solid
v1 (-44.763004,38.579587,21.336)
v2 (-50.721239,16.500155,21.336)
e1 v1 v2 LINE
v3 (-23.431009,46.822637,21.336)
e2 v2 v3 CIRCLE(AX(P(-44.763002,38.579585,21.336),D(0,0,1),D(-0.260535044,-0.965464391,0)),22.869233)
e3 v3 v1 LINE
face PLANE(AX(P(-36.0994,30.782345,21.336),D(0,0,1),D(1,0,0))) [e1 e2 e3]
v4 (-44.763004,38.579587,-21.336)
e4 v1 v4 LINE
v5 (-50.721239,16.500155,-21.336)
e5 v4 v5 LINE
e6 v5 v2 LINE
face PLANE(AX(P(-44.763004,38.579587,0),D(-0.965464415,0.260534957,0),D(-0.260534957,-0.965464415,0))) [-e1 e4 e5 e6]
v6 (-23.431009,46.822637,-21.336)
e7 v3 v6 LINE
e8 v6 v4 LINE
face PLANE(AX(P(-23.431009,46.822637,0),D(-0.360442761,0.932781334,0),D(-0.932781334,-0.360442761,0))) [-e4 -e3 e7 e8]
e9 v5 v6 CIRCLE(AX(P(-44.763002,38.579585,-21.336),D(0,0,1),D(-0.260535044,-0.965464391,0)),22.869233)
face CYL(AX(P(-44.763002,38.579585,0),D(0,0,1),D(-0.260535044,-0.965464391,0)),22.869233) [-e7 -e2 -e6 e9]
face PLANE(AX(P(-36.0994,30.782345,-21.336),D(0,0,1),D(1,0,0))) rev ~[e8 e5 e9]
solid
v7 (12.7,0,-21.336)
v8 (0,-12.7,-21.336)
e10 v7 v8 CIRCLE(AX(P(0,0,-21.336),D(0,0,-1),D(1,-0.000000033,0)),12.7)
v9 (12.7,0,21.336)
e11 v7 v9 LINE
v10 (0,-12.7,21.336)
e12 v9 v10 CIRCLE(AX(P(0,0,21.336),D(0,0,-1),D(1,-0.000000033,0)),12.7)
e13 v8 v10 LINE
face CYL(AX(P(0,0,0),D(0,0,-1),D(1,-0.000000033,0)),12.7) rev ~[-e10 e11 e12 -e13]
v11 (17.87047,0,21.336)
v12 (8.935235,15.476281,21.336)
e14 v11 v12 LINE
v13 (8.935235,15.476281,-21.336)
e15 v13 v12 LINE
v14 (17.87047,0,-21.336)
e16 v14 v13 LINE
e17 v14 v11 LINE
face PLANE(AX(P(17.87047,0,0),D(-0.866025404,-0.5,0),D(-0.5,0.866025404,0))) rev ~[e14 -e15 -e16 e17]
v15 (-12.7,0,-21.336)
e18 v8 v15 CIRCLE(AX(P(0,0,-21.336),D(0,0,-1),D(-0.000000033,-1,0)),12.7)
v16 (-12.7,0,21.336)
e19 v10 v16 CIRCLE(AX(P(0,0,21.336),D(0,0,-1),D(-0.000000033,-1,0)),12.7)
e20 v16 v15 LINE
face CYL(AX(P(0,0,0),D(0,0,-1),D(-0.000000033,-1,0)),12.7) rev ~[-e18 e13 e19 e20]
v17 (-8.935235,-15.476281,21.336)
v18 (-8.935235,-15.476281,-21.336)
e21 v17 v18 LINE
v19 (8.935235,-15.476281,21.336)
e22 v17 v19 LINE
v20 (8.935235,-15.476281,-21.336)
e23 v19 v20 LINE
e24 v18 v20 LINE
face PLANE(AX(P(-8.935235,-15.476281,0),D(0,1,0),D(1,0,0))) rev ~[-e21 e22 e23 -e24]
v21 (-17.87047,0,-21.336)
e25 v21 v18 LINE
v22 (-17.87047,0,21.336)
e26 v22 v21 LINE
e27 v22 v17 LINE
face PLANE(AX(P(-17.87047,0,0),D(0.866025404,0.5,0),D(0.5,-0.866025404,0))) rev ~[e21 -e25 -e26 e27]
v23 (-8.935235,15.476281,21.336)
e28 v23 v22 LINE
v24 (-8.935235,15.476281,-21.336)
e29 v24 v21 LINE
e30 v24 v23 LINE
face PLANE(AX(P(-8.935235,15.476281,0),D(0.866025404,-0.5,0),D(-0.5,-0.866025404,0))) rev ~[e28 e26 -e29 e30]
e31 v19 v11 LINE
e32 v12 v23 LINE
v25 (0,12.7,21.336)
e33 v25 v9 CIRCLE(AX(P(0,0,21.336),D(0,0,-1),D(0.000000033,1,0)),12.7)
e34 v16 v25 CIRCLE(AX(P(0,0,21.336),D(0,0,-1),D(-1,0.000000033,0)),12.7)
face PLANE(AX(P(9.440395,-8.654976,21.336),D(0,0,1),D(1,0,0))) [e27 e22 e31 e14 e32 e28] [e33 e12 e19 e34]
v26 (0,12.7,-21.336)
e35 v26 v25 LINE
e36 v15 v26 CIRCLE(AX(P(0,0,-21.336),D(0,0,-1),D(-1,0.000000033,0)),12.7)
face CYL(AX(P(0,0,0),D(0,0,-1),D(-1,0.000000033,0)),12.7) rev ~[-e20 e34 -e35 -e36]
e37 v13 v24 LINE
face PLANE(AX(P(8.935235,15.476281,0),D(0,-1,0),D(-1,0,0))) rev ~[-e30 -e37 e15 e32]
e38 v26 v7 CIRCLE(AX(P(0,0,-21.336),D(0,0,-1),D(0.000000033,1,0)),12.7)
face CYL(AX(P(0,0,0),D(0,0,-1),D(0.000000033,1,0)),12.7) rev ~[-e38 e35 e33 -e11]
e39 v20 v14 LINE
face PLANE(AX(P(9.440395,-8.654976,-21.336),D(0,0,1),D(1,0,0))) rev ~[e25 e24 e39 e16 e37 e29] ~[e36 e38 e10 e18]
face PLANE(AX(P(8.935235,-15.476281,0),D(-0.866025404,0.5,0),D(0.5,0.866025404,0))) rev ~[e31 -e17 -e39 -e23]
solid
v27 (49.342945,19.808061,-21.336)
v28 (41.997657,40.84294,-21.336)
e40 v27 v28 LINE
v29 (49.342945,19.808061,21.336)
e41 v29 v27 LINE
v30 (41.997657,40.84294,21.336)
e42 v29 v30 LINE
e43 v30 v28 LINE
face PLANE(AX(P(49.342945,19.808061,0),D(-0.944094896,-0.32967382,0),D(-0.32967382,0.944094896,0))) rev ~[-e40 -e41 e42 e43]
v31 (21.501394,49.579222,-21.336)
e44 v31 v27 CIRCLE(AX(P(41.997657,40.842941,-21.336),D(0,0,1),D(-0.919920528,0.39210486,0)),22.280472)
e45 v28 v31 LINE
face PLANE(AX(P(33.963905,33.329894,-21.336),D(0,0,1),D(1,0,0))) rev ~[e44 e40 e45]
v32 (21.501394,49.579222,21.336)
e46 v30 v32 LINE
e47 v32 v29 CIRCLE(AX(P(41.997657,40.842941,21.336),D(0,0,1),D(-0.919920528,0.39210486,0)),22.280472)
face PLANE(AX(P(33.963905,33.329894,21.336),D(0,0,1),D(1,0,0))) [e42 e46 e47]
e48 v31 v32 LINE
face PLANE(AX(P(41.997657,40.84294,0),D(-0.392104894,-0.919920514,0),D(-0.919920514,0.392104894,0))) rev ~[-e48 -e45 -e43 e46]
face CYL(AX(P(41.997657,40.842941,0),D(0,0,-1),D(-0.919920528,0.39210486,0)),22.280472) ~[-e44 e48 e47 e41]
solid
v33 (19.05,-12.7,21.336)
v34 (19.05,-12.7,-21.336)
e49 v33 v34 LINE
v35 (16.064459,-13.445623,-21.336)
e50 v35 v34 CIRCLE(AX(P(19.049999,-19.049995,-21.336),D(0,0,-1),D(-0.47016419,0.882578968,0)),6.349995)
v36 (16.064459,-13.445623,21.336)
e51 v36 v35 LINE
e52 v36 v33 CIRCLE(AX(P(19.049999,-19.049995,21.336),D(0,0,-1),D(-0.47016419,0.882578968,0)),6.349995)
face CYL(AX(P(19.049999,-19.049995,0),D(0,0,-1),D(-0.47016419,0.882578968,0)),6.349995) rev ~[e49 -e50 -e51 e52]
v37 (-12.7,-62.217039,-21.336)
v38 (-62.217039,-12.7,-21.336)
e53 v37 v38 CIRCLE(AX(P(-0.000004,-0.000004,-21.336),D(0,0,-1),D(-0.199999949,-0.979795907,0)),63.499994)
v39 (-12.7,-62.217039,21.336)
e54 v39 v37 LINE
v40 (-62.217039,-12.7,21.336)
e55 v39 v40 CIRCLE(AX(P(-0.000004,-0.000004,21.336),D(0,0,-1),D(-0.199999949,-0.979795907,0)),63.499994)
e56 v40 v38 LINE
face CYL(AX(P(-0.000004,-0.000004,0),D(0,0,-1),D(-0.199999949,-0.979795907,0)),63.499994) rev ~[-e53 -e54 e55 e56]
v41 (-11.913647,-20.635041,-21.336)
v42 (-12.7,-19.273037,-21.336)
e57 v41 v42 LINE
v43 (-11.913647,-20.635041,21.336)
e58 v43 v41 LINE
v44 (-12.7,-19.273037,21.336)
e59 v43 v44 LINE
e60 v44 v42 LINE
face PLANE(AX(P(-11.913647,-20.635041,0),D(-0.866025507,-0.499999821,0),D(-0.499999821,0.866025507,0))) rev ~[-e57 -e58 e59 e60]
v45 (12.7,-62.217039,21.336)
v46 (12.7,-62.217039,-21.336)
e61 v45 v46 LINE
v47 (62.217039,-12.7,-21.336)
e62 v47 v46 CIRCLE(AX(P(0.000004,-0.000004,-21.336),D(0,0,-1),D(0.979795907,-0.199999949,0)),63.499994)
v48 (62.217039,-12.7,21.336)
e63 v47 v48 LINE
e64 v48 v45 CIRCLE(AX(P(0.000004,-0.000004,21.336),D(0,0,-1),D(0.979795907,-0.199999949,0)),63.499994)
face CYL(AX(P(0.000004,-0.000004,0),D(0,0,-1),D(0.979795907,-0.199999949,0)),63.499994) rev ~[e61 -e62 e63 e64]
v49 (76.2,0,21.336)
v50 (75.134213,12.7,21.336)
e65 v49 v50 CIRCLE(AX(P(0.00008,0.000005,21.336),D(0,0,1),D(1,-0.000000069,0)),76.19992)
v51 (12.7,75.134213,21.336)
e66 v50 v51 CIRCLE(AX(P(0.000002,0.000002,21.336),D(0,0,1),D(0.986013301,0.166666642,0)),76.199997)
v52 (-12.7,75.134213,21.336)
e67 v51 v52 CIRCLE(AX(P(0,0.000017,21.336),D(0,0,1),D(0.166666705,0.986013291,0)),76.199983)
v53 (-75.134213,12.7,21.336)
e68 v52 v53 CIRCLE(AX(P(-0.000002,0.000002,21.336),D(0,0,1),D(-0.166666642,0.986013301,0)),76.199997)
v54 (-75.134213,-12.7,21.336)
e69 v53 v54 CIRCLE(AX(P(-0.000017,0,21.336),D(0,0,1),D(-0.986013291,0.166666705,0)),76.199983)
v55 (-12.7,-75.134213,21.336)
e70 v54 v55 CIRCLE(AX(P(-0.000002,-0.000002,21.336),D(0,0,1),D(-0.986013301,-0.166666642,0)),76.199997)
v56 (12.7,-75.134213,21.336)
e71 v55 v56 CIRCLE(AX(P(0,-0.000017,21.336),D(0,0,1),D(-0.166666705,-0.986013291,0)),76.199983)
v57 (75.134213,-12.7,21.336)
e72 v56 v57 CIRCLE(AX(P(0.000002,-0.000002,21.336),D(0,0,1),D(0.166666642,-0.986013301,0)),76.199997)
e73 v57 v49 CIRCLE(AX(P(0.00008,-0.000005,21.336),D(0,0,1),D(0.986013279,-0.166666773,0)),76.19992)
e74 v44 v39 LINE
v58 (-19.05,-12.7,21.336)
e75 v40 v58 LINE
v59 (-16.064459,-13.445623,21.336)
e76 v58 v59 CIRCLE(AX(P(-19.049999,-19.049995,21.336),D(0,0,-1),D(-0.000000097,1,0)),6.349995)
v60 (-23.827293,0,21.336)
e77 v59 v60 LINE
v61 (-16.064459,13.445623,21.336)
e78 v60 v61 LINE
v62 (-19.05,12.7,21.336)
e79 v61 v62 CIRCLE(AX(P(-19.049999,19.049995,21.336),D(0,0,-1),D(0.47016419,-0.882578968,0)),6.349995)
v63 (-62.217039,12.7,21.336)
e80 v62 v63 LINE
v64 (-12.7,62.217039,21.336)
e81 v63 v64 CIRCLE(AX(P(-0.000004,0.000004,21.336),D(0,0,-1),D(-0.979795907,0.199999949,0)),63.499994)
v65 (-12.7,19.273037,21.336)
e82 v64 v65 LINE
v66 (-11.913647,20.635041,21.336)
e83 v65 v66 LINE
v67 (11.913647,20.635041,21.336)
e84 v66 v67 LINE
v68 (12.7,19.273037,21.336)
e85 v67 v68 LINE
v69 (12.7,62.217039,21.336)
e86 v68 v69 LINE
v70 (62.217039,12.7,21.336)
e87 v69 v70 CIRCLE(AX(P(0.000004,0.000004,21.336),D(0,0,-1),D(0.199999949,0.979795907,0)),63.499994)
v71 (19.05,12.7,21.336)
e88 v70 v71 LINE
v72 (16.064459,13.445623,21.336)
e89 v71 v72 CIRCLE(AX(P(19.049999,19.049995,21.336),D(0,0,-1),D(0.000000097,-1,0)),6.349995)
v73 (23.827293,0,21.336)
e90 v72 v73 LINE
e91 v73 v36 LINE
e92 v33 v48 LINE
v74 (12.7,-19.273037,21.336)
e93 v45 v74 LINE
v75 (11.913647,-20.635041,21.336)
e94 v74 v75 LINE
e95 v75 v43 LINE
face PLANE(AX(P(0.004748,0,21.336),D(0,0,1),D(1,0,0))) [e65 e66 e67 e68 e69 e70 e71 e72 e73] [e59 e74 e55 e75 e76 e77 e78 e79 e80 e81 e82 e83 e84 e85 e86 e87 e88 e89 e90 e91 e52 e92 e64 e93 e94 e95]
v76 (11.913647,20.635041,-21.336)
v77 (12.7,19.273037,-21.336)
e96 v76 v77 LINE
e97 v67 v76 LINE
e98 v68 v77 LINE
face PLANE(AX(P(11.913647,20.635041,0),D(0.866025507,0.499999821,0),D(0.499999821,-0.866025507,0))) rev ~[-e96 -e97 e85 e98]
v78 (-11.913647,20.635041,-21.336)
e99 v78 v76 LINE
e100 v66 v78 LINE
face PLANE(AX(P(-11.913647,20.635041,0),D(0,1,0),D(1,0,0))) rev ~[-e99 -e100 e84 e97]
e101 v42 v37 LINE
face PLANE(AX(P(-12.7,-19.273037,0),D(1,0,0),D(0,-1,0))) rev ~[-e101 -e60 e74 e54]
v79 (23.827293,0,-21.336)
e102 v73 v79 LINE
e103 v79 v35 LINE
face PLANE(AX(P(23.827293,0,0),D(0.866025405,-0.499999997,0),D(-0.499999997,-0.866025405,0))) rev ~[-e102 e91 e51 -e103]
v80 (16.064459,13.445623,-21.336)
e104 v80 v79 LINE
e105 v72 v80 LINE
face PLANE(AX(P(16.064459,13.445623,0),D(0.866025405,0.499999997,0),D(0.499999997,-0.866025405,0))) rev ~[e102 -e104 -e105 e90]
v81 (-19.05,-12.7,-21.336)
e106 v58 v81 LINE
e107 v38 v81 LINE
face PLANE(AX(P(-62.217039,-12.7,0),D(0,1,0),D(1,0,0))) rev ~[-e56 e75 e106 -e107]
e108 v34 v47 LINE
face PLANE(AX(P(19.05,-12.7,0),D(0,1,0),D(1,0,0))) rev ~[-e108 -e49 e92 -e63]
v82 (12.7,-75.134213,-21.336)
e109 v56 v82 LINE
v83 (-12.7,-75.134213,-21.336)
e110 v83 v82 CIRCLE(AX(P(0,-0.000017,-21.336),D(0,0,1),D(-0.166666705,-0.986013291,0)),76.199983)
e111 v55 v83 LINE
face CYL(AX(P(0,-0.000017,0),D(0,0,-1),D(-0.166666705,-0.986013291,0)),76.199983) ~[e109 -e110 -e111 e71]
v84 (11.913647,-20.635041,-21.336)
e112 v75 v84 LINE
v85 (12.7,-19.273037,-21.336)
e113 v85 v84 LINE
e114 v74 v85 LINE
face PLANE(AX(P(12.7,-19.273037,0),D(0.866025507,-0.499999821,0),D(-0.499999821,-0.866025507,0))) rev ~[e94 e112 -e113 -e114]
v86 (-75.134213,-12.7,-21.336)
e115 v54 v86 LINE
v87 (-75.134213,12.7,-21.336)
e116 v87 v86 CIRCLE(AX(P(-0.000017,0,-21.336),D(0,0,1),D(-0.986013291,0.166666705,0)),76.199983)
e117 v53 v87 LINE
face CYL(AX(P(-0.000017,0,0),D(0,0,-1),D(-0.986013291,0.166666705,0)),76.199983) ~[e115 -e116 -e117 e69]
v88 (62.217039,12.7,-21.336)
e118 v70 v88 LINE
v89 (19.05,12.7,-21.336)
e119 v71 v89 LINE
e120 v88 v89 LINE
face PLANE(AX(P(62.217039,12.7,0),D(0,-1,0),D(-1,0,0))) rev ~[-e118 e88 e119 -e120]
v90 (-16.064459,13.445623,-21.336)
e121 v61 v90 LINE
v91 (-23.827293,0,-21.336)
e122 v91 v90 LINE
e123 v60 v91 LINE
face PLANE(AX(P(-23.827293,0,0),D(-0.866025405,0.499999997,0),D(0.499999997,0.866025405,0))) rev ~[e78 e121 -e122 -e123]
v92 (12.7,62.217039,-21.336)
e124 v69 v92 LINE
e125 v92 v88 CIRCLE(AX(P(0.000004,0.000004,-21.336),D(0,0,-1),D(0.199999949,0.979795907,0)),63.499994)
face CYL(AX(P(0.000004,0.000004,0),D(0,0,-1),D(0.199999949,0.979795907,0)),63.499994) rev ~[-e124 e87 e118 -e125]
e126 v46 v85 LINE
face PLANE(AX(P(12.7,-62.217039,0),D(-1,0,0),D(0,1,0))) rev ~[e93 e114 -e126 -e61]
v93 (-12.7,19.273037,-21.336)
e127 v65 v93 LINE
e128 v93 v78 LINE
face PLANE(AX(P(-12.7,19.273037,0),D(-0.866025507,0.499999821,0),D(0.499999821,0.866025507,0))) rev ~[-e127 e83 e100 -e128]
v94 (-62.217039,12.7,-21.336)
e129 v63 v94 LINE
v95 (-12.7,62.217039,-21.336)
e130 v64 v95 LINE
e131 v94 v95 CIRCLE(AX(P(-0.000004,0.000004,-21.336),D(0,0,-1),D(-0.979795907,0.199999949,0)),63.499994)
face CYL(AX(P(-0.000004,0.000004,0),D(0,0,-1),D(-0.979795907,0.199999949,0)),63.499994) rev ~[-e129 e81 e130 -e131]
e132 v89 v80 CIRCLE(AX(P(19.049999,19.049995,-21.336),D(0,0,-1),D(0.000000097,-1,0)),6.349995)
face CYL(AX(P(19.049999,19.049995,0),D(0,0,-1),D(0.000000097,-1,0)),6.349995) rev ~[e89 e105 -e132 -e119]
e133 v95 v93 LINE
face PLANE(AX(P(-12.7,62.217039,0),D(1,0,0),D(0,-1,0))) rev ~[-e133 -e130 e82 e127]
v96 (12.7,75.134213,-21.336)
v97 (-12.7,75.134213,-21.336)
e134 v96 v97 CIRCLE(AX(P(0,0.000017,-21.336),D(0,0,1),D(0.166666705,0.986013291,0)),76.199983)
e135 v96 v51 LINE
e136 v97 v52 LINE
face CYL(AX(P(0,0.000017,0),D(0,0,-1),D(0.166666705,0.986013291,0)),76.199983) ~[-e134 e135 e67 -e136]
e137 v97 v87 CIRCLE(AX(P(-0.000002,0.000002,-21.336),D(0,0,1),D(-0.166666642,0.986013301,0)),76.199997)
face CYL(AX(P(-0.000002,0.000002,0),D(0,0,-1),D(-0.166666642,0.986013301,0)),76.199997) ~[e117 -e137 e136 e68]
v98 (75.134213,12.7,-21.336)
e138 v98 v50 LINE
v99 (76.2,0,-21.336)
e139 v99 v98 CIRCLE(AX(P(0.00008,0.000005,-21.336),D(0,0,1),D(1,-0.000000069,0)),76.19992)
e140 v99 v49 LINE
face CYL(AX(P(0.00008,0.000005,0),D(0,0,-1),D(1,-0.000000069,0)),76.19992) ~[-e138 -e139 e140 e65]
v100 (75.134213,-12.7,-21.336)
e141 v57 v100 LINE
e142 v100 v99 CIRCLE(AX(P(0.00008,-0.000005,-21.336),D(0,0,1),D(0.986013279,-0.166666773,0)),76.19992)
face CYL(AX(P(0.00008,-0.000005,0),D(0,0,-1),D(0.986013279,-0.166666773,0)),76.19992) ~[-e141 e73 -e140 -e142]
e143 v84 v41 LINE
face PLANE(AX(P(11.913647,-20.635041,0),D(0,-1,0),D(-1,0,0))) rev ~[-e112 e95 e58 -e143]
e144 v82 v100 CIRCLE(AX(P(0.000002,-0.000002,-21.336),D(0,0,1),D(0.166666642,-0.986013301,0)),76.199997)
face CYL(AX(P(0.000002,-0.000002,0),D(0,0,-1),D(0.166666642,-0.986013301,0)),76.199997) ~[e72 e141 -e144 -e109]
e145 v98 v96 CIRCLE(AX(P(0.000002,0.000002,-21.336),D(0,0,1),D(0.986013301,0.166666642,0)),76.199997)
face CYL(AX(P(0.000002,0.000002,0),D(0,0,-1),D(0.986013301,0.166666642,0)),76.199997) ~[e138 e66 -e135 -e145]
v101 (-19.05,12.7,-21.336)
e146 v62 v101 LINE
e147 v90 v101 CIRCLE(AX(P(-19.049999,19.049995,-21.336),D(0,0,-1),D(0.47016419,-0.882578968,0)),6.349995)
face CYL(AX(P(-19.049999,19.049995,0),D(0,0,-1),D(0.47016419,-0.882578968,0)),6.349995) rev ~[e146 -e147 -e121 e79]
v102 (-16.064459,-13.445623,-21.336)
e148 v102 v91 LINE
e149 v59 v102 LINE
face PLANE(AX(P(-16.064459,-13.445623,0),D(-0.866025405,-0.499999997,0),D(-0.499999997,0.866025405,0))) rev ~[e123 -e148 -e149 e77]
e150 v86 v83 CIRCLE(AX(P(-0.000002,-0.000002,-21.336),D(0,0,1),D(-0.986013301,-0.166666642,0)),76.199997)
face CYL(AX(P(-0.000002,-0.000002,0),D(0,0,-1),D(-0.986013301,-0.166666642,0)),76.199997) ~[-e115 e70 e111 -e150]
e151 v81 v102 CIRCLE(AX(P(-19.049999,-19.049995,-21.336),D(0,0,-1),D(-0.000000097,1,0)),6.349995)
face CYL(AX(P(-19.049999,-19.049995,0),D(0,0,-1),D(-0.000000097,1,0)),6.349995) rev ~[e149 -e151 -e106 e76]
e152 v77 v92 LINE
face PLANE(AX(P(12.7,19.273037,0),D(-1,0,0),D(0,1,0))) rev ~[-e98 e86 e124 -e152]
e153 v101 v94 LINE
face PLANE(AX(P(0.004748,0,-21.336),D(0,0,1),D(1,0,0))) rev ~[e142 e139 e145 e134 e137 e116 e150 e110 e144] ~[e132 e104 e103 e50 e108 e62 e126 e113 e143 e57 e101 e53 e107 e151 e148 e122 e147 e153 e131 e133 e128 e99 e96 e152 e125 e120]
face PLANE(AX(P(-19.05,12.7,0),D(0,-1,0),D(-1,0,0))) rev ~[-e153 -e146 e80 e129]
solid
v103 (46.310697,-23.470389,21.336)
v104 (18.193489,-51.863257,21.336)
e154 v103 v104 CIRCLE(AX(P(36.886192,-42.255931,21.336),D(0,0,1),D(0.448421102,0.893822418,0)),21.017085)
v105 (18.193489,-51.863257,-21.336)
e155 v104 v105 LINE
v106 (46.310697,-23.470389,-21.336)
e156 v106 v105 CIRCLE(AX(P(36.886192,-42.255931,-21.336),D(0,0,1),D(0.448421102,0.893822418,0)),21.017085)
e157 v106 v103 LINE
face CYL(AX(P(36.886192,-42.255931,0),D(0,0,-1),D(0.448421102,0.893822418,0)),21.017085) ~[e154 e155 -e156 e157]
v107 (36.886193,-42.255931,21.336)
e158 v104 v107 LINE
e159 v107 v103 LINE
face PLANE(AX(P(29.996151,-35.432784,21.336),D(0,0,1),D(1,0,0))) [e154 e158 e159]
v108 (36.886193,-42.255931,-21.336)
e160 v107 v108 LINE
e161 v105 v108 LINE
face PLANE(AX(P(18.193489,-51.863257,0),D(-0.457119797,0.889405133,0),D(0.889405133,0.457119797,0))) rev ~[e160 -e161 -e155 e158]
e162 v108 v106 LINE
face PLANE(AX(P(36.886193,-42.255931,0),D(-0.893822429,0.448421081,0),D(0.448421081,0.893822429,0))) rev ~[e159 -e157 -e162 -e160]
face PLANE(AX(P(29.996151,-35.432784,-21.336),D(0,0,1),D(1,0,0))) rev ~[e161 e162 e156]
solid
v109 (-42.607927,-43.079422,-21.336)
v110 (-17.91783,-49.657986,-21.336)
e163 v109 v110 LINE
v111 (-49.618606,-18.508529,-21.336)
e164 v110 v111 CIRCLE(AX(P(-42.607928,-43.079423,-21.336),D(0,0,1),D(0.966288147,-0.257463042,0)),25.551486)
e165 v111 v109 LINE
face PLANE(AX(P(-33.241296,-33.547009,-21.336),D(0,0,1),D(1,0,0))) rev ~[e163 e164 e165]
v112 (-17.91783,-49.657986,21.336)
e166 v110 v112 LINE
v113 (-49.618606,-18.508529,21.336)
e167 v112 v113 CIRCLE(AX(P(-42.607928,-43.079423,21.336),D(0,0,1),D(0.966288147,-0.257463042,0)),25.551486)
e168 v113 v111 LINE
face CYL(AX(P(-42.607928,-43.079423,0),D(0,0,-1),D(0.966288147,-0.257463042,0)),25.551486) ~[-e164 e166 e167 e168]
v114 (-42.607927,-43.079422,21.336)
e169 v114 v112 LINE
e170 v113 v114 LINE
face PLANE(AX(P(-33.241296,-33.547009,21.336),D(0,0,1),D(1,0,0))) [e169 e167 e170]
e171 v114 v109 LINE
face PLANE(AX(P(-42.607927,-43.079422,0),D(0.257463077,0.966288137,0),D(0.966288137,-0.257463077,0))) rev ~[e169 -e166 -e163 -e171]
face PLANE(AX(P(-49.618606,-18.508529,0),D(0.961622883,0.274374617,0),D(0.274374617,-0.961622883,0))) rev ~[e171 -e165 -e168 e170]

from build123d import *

# Parameters (mm, degrees)
F1_DEPTH = 21.336


with BuildPart() as f1:
    # F0 (on Top) → F1 (new body, symmetric)
    with BuildSketch(Plane.XY):
        with BuildLine():
            ThreePointArc((75.134213, -12.7), (75.933086, -6.372321), (76.2, 0))
            ThreePointArc((76.2, 0), (75.933086, 6.372321), (75.134213, 12.7))
            ThreePointArc((75.134213, 12.7), (53.881537, 53.881537), (12.7, 75.134213))
            ThreePointArc((12.7, 75.134213), (0, 76.2), (-12.7, 75.134213))
            ThreePointArc((-12.7, 75.134213), (-53.881537, 53.881537), (-75.134213, 12.7))
            ThreePointArc((-75.134213, 12.7), (-76.2, 0), (-75.134213, -12.7))
            ThreePointArc((-75.134213, -12.7), (-53.881537, -53.881537), (-12.7, -75.134213))
            ThreePointArc((-12.7, -75.134213), (0, -76.2), (12.7, -75.134213))
            ThreePointArc((12.7, -75.134213), (53.881537, -53.881537), (75.134213, -12.7))
        make_face()
        with BuildLine():
            ThreePointArc((62.217039, -12.7), (44.901281, -44.901281), (12.7, -62.217039))
            Line((12.7, -62.217039), (12.7, -19.273037))
            Line((12.7, -19.273037), (11.913647, -20.635041))
            Line((11.913647, -20.635041), (0, -20.635041))
            Line((0, -20.635041), (-11.913647, -20.635041))
            Line((-11.913647, -20.635041), (-12.7, -19.273037))
            Line((-12.7, -19.273037), (-12.7, -62.217039))
            ThreePointArc((-12.7, -62.217039), (-44.901281, -44.901281), (-62.217039, -12.7))
            Line((-62.217039, -12.7), (-19.05, -12.7))
            ThreePointArc((-19.05, -12.7), (-17.51138, -12.889225), (-16.064459, -13.445623))
            Line((-16.064459, -13.445623), (-23.827293, 0))
            Line((-23.827293, 0), (-16.064459, 13.445623))
            ThreePointArc((-16.064459, 13.445623), (-17.51138, 12.889225), (-19.05, 12.7))
            Line((-19.05, 12.7), (-62.217039, 12.7))
            ThreePointArc((-62.217039, 12.7), (-44.901281, 44.901281), (-12.7, 62.217039))
            Line((-12.7, 62.217039), (-12.7, 19.273037))
            Line((-12.7, 19.273037), (-11.913647, 20.635041))
            Line((-11.913647, 20.635041), (11.913647, 20.635041))
            Line((11.913647, 20.635041), (12.7, 19.273037))
            Line((12.7, 19.273037), (12.7, 62.217039))
            ThreePointArc((12.7, 62.217039), (44.901281, 44.901281), (62.217039, 12.7))
            Line((62.217039, 12.7), (19.05, 12.7))
            ThreePointArc((19.05, 12.7), (17.51138, 12.889225), (16.064459, 13.445623))
            Line((16.064459, 13.445623), (23.827293, 0))
            Line((23.827293, 0), (16.064459, -13.445623))
            ThreePointArc((16.064459, -13.445623), (17.51138, -12.889225), (19.05, -12.7))
            Line((19.05, -12.7), (62.217039, -12.7))
        make_face(mode=Mode.SUBTRACT)
        with BuildLine():
            Line((8.935235, -15.476281), (17.87047, 0))
            Line((17.87047, 0), (12.7, 0))
            ThreePointArc((12.7, 0), (8.980256, -8.980256), (0, -12.7))
            Line((0, -12.7), (0, -15.476281))
            Line((0, -15.476281), (8.935235, -15.476281))
        make_face()
        with BuildLine():
            Line((12.7, 0), (17.87047, 0))
            Line((17.87047, 0), (8.935235, 15.476281))
            Line((8.935235, 15.476281), (-8.935235, 15.476281))
            Line((-8.935235, 15.476281), (-17.87047, 0))
            Line((-17.87047, 0), (-12.7, 0))
            ThreePointArc((-12.7, 0), (-8.980256, 8.980256), (0, 12.7))
            ThreePointArc((0, 12.7), (8.980256, 8.980256), (12.7, 0))
        make_face()
        with BuildLine():
            Line((-8.935235, -15.476281), (0, -15.476281))
            Line((0, -15.476281), (0, -12.7))
            ThreePointArc((0, -12.7), (-8.980256, -8.980256), (-12.7, 0))
            Line((-12.7, 0), (-17.87047, 0))
            Line((-17.87047, 0), (-8.935235, -15.476281))
        make_face()
        with BuildLine():
            Line((-42.607927, -43.079422), (-17.91783, -49.657986))
            ThreePointArc((-17.91783, -49.657986), (-24.699476, -24.854007), (-49.618606, -18.508529))
            Line((-49.618606, -18.508529), (-42.607927, -43.079422))
        make_face()
        with BuildLine():
            Line((36.886193, -42.255931), (46.310697, -23.470389))
            ThreePointArc((46.310697, -23.470389), (21.952552, -27.467278), (18.193489, -51.863257))
            Line((18.193489, -51.863257), (36.886193, -42.255931))
        make_face()
        with BuildLine():
            Line((41.997657, 40.84294), (21.501394, 49.579222))
            ThreePointArc((21.501394, 49.579222), (25.724442, 25.624469), (49.342945, 19.808061))
            Line((49.342945, 19.808061), (41.997657, 40.84294))
        make_face()
        with BuildLine():
            Line((-44.763004, 38.579587), (-50.721239, 16.500155))
            ThreePointArc((-50.721239, 16.500155), (-27.764434, 23.280876), (-23.431009, 46.822637))
            Line((-23.431009, 46.822637), (-44.763004, 38.579587))
        make_face()
    extrude(amount=F1_DEPTH, both=True)


solid = f1.part
